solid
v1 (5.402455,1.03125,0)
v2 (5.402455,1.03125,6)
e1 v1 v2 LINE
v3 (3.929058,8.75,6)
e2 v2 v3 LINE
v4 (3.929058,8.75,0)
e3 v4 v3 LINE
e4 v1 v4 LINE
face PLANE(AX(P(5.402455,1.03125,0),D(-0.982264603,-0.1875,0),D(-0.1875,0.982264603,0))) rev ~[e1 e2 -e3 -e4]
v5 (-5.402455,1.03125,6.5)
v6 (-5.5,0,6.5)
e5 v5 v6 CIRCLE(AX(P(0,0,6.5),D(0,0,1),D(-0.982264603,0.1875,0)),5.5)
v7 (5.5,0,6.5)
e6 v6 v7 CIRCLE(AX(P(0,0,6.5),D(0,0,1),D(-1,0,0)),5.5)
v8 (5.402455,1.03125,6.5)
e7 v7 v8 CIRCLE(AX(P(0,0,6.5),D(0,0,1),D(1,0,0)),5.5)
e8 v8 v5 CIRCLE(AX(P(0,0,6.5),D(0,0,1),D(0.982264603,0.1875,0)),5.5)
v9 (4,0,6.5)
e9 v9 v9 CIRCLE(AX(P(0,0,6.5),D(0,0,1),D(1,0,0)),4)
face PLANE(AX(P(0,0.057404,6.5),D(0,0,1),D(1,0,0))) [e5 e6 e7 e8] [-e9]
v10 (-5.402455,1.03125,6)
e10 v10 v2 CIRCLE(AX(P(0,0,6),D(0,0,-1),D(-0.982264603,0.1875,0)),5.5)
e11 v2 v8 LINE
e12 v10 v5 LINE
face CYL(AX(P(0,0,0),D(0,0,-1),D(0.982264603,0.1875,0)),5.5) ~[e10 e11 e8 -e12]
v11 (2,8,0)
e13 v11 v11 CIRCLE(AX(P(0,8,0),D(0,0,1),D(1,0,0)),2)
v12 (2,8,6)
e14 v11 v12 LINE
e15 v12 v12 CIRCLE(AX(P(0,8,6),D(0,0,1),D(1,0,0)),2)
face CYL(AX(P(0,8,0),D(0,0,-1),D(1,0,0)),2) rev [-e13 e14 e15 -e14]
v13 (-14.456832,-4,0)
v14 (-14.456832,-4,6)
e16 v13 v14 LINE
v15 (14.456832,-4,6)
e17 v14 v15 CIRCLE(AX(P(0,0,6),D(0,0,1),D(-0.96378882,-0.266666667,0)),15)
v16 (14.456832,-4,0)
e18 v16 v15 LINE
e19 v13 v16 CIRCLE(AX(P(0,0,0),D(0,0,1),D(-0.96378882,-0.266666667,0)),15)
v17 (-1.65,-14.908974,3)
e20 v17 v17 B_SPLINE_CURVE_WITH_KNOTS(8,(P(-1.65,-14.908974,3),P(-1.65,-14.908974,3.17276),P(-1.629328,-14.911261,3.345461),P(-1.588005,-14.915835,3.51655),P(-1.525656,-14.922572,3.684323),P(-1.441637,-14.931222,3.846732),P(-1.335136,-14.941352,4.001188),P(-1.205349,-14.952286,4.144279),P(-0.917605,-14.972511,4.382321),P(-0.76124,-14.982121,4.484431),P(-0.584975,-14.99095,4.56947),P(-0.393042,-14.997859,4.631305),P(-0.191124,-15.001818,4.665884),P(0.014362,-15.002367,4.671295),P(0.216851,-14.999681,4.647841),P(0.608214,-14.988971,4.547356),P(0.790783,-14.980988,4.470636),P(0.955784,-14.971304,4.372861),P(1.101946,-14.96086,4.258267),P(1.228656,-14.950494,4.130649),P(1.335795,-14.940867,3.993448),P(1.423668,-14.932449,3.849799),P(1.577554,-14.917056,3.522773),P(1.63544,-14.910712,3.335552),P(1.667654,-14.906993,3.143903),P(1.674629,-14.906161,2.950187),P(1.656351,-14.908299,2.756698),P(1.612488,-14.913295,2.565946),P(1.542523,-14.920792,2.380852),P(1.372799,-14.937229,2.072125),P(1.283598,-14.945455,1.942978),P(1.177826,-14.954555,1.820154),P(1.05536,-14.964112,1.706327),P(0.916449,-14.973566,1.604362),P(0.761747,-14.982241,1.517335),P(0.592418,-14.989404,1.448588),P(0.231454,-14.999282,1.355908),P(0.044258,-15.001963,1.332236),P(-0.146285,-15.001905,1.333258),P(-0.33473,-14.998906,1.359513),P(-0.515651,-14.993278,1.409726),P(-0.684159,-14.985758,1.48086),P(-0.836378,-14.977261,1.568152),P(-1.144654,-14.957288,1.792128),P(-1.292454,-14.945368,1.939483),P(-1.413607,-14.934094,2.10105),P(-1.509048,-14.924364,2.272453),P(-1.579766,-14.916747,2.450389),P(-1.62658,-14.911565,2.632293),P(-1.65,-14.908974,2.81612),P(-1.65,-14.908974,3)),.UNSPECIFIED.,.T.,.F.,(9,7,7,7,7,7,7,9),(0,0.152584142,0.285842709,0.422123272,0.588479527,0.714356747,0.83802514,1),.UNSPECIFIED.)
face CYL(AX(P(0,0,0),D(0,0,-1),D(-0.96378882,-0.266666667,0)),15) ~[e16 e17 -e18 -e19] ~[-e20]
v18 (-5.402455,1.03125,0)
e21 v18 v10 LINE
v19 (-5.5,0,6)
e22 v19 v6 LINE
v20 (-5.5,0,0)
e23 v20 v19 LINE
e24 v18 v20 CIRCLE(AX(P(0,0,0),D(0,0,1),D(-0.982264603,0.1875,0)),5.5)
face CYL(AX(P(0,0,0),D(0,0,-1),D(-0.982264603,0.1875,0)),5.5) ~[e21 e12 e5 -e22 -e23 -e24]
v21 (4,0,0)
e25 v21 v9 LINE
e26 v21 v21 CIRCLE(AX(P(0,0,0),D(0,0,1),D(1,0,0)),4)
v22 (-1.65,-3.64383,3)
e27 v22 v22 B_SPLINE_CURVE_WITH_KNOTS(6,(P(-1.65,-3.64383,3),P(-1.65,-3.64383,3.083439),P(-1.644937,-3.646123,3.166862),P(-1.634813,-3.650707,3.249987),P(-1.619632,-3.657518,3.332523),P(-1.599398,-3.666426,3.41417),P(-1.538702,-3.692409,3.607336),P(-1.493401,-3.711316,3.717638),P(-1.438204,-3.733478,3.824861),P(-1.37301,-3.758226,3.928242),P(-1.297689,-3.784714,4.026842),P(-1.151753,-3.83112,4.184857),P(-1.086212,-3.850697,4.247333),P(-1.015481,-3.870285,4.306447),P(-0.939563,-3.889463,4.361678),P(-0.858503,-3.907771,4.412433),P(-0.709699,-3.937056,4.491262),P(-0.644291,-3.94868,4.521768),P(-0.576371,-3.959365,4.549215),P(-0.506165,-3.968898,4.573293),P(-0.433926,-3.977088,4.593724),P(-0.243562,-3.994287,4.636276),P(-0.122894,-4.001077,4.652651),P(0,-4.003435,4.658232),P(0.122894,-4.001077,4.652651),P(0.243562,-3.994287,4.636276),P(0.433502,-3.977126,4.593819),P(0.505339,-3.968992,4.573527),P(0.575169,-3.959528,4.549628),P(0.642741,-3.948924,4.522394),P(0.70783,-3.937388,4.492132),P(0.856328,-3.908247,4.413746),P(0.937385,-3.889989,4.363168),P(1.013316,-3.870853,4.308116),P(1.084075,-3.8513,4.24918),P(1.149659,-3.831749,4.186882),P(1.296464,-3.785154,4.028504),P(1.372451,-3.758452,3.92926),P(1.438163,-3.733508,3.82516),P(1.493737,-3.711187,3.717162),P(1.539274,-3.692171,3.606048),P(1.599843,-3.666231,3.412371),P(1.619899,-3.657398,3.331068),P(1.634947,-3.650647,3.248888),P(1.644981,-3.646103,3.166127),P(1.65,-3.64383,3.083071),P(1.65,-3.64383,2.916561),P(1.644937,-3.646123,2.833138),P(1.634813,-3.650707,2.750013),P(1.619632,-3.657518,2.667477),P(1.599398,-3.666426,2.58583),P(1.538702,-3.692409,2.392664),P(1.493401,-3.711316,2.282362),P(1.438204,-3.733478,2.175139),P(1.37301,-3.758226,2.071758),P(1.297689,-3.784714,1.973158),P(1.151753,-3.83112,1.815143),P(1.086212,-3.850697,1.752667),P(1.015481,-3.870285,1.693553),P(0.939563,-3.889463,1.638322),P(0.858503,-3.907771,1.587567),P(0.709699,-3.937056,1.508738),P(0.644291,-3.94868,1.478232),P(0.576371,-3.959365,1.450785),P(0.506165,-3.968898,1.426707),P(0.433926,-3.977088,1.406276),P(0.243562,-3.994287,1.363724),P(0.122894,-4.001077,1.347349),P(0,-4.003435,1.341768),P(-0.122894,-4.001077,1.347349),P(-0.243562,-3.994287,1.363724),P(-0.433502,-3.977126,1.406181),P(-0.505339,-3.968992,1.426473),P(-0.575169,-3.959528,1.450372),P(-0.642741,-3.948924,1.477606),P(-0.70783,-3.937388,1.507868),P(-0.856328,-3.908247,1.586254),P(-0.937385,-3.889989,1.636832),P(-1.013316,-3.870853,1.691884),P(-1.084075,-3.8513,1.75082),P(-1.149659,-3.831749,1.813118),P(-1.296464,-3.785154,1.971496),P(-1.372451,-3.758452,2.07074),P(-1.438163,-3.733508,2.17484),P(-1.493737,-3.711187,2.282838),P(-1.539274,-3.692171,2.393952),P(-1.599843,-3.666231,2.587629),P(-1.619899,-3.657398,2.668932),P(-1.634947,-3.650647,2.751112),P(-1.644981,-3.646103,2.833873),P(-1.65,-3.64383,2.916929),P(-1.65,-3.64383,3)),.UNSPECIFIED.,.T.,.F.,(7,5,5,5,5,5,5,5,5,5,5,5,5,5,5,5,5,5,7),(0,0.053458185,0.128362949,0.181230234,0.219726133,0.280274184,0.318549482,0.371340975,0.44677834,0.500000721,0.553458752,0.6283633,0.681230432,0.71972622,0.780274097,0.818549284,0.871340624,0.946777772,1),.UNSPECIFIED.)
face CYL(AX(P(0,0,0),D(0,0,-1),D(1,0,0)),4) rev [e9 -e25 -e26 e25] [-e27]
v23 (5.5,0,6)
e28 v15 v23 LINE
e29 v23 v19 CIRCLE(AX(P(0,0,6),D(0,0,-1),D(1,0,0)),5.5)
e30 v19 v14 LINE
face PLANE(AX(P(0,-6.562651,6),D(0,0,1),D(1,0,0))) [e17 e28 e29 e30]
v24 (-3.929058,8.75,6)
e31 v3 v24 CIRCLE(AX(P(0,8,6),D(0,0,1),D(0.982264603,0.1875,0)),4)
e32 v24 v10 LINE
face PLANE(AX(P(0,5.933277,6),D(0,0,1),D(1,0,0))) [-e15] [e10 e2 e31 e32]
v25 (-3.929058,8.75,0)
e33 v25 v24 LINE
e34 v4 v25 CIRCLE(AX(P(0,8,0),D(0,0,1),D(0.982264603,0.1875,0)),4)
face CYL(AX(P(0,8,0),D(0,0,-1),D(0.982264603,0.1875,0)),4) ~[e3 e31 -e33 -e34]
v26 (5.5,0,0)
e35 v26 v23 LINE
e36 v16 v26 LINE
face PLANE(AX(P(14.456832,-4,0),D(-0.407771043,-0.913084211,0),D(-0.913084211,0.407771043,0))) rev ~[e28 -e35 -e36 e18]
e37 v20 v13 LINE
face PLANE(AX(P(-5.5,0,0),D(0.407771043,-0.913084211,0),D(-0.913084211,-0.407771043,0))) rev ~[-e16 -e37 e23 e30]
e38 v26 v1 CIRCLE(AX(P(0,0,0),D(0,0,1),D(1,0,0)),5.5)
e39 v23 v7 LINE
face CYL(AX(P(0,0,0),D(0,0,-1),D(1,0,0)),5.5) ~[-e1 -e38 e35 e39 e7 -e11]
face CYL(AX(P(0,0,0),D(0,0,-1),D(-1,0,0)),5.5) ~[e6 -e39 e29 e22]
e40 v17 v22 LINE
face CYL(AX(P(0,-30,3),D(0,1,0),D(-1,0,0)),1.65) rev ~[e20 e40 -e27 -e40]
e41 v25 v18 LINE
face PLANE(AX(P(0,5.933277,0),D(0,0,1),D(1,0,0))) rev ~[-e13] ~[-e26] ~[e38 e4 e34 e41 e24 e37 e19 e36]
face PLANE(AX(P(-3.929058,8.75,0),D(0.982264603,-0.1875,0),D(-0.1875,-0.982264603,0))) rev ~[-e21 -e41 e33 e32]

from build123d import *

# Parameters (mm, degrees)
F0_R     = 4
F2_DEPTH = 6.5
F0_R_2   = 2
F3_DEPTH = 6
F5_D     = 3.3
F5_DEPTH = 15
F5_TIP   = 0.9914200214


with BuildPart() as f2:
    # F0 (on Top) → F2 (new body)
    with BuildSketch(Plane.XY):
        with BuildLine():
            ThreePointArc((-5.5, 0), (0, -5.5), (5.5, 0))
            ThreePointArc((5.5, 0), (5.4755595256, 0.5179265218), (5.4024553156, 1.03125))
            ThreePointArc((5.4024553156, 1.03125), (0, 5.5), (-5.4024553156, 1.03125))
            ThreePointArc((-5.4024553156, 1.03125), (-5.4755595256, 0.5179265218), (-5.5, 0))
        make_face()
        Circle(F0_R, mode=Mode.SUBTRACT)
    extrude(amount=F2_DEPTH)

    # F0 (on Top) → F3 (join)
    with BuildSketch(Plane.XY):
        with BuildLine():
            ThreePointArc((-5.4024553156, 1.03125), (0, 5.5), (5.4024553156, 1.03125))
            Line((5.4024553156, 1.03125), (3.9290584114, 8.75))
            ThreePointArc((3.9290584114, 8.75), (0, 12), (-3.9290584114, 8.75))
            Line((-3.9290584114, 8.75), (-5.4024553156, 1.03125))
        make_face()
        with Locations((0, 8)):
            Circle(F0_R_2, mode=Mode.SUBTRACT)
        with BuildLine():
            Line((14.4568322948, -4), (5.5, 0))
            ThreePointArc((5.5, 0), (0, -5.5), (-5.5, 0))
            Line((-5.5, 0), (-14.4568322948, -4))
            ThreePointArc((-14.4568322948, -4), (0, -15), (14.4568322948, -4))
        make_face()
    extrude(amount=F3_DEPTH)

    # F5
    with Locations(Plane.XZ.offset(15)):
        with Locations((0, 3)):
            Hole(F5_D / 2, depth=F5_DEPTH)
            with Locations((0, 0, -(F5_DEPTH + F5_TIP / 2))):  # 118° drill point
                Cone(0, F5_D / 2, F5_TIP, mode=Mode.SUBTRACT)


solid = f2.part
